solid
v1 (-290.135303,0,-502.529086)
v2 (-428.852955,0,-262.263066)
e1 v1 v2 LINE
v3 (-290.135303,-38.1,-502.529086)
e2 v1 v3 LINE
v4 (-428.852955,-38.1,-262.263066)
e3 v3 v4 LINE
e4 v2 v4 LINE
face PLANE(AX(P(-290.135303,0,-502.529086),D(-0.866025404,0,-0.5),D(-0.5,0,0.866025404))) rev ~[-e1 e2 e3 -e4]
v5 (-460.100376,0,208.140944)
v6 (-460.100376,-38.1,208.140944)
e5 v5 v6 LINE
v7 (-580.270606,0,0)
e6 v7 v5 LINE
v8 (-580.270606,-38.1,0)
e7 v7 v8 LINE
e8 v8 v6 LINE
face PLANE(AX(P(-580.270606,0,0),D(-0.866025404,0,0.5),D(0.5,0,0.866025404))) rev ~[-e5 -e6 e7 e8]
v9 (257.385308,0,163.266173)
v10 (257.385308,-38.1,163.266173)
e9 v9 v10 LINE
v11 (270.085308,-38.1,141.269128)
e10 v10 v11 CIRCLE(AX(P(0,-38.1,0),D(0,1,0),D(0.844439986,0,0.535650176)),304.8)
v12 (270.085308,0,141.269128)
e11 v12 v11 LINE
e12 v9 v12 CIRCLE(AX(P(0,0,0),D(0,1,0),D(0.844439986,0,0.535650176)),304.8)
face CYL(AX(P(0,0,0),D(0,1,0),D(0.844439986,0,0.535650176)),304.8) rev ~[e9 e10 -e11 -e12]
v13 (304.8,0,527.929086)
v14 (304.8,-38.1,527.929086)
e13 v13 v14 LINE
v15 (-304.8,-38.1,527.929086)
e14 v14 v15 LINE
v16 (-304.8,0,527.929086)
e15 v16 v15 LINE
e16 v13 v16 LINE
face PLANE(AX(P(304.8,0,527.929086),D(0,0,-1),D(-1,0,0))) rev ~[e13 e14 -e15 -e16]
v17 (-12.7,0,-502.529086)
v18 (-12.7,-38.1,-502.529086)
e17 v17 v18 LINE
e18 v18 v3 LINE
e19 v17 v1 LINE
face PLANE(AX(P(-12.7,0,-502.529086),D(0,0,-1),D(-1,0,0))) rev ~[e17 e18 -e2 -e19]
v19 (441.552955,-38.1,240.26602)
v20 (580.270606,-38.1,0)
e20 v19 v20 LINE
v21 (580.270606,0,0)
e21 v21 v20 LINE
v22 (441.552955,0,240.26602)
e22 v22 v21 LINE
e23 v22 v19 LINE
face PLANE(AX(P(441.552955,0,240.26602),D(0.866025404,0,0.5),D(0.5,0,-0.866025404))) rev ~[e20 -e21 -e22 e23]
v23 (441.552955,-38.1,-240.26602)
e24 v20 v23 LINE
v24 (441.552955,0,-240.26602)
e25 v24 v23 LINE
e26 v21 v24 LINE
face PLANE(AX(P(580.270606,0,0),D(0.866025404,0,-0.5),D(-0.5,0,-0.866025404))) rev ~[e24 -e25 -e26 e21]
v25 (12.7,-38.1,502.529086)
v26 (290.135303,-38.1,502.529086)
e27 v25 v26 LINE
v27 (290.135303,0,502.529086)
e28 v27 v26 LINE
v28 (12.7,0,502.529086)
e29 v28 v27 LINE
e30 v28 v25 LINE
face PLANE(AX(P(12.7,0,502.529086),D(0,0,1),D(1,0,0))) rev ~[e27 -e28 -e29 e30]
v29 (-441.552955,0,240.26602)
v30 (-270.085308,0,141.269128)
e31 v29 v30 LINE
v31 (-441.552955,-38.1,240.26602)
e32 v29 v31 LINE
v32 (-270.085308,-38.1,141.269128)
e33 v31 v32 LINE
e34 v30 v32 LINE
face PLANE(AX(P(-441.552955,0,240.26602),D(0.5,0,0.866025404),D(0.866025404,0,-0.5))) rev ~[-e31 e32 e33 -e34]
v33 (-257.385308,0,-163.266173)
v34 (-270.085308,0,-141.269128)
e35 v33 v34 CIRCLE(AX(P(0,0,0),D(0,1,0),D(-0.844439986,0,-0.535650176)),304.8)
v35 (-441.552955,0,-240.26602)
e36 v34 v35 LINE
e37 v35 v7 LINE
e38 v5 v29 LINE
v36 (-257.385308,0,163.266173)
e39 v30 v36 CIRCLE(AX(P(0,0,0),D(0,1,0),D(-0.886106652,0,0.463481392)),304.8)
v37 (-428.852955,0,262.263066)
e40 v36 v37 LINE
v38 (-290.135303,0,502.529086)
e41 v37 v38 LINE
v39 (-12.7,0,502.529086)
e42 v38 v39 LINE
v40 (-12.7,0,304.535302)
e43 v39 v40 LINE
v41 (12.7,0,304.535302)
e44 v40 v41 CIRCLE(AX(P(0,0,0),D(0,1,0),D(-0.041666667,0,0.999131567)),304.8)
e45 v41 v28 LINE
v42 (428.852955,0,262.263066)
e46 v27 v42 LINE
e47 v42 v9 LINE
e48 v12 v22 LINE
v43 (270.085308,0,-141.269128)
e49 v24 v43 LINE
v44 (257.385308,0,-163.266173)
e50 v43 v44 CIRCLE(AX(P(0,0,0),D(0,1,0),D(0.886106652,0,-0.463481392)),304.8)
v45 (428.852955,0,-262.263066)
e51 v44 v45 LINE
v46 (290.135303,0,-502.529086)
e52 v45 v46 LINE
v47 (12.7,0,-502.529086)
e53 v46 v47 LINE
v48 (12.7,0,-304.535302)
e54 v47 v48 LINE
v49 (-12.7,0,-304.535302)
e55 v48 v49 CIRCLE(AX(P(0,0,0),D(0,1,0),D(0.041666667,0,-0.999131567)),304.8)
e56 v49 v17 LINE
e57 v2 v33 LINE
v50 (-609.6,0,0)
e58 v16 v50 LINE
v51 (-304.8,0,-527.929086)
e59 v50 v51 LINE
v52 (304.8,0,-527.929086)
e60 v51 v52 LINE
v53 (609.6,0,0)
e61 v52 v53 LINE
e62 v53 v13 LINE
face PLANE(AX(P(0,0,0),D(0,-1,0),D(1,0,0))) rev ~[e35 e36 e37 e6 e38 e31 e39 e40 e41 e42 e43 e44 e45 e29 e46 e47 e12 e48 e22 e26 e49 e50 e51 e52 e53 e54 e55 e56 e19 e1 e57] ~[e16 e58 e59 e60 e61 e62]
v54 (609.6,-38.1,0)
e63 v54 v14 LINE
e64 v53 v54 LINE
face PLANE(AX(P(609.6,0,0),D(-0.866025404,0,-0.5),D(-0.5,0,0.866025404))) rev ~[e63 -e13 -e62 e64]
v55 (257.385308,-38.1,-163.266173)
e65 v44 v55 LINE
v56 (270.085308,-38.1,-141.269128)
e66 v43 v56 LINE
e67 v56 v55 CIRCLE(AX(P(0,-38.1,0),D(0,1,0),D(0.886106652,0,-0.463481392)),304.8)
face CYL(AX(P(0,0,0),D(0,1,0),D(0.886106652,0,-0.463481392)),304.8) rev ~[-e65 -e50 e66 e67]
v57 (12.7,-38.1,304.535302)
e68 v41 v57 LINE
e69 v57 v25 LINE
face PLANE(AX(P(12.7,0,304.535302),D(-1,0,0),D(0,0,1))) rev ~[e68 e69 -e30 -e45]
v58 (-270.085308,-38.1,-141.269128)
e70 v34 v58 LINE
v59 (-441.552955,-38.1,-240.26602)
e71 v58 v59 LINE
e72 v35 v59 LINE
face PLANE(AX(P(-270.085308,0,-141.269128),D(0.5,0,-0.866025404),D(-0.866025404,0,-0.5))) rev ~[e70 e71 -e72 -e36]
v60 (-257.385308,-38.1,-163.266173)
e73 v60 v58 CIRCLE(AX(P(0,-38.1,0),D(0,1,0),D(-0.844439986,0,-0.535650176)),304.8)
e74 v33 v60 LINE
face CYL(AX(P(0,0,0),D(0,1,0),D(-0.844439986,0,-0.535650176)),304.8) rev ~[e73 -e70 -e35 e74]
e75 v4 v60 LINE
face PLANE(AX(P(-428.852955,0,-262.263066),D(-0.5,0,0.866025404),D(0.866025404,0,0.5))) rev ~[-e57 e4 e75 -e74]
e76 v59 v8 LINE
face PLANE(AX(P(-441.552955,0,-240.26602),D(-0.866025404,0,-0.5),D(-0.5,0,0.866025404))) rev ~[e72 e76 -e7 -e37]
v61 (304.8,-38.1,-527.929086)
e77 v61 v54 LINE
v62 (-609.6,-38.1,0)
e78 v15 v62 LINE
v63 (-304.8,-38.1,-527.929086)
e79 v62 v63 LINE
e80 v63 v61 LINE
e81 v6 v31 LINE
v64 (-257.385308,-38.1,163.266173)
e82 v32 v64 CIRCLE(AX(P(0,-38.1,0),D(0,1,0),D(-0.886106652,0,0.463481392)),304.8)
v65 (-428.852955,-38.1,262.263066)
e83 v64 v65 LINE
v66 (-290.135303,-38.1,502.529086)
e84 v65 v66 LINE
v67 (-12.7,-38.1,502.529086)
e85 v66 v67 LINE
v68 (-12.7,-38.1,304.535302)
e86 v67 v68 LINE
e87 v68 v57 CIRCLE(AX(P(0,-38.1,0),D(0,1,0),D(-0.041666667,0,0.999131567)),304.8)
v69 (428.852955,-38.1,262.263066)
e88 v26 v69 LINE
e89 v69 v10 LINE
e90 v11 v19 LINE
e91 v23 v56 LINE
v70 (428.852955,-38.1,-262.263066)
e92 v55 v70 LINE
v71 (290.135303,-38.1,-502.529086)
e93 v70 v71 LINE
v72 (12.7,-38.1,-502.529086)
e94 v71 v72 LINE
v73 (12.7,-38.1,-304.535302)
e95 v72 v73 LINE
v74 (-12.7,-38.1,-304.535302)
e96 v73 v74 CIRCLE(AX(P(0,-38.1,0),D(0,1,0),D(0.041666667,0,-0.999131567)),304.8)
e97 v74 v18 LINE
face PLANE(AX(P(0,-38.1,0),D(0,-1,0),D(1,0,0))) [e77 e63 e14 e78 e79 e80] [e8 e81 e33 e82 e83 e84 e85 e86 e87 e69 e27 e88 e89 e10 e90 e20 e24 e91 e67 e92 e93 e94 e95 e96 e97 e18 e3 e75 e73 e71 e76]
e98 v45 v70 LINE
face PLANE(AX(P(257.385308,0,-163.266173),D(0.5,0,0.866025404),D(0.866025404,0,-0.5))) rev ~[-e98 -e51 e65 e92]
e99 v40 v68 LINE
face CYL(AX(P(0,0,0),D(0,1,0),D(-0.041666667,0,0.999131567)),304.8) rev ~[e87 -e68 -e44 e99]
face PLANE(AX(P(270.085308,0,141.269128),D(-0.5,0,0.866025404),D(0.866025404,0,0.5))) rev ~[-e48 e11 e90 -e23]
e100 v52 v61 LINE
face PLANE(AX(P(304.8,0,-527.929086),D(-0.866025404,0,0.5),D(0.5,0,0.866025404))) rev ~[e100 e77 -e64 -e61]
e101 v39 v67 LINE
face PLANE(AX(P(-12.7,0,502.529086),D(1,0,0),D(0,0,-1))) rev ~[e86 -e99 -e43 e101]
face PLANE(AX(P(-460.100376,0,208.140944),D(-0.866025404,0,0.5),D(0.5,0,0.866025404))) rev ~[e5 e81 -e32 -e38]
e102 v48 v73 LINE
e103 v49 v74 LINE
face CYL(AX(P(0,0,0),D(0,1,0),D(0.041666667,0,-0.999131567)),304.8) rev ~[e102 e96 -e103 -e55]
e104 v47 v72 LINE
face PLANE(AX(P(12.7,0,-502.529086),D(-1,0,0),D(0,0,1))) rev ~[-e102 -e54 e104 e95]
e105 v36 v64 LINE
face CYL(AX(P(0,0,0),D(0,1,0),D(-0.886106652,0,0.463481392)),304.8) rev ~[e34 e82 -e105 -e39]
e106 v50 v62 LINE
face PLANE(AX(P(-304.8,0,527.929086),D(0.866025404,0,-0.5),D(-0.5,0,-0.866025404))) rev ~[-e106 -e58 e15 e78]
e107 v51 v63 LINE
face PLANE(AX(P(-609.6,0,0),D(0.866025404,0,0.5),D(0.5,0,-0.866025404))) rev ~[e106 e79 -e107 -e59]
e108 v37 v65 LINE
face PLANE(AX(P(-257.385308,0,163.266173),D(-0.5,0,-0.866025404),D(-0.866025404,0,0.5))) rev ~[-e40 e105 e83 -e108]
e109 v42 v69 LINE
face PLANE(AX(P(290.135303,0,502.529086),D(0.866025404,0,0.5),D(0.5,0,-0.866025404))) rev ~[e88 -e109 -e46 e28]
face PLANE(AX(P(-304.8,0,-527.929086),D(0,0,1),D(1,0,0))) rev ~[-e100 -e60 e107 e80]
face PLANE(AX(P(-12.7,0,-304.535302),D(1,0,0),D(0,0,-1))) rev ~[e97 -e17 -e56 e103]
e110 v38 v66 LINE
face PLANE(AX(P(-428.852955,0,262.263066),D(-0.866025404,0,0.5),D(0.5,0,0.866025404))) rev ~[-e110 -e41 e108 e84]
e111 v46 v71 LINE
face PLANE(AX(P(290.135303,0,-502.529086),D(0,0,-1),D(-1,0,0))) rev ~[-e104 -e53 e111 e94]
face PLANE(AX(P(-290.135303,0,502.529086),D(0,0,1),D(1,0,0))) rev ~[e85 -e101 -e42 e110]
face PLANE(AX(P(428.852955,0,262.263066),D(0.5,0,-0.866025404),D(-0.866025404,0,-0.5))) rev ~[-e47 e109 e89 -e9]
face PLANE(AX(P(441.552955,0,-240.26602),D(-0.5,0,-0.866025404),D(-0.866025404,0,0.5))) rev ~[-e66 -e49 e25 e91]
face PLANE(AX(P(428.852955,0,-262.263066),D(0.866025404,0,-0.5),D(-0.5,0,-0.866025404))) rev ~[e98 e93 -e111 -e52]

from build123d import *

# Parameters (mm, degrees)
F1_DEPTH = 38.1


with BuildPart() as f1:
    # F0 (on Front) → F1 (new body)
    with BuildSketch(Plane.XZ):
        Polygon((304.8, 527.929086147), (-304.8, 527.929086147), (-609.6, 0), (-304.8, -527.929086147), (304.8, -527.929086147), (609.6, 0), align=None)
        Polygon((12.7, 502.529086147), (290.1353031626, 502.529086147), (428.8529547439, 262.2630657016), (441.5529547439, 240.2660204454), (580.2706063252, 0), (441.5529547439, -240.2660204454), (428.8529547439, -262.2630657016), (290.1353031626, -502.529086147), (12.7, -502.529086147), (-12.7, -502.529086147), (-290.1353031626, -502.529086147), (-428.8529547439, -262.2630657016), (-441.5529547439, -240.2660204454), (-580.2706063252, 0), (-460.1003761774, 208.1409441733), (-441.5529547439, 240.2660204454), (-428.8529547439, 262.2630657016), (-290.1353031626, 502.529086147), (-12.7, 502.529086147), align=None, mode=Mode.SUBTRACT)
        with BuildLine():
            Line((12.7, 304.5353017304), (12.7, 502.529086147))
            Line((12.7, 502.529086147), (-12.7, 502.529086147))
            Line((-12.7, 502.529086147), (-12.7, 304.5353017304))
            ThreePointArc((-12.7, 304.5353017304), (0, 304.8), (12.7, 304.5353017304))
        make_face()
        with BuildLine():
            Line((-257.3853076476, 163.2661734932), (-428.8529547439, 262.2630657016))
            Line((-428.8529547439, 262.2630657016), (-441.5529547439, 240.2660204454))
            Line((-441.5529547439, 240.2660204454), (-270.0853076476, 141.2691282371))
            ThreePointArc((-270.0853076476, 141.2691282371), (-263.9645430735, 152.4), (-257.3853076476, 163.2661734932))
        make_face()
        with BuildLine():
            Line((441.5529547439, 240.2660204454), (428.8529547439, 262.2630657016))
            Line((428.8529547439, 262.2630657016), (257.3853076476, 163.2661734932))
            ThreePointArc((257.3853076476, 163.2661734932), (263.9645430735, 152.4), (270.0853076476, 141.2691282371))
            Line((270.0853076476, 141.2691282371), (441.5529547439, 240.2660204454))
        make_face()
        with BuildLine():
            Line((428.8529547439, -262.2630657016), (441.5529547439, -240.2660204454))
            Line((441.5529547439, -240.2660204454), (270.0853076476, -141.2691282371))
            ThreePointArc((270.0853076476, -141.2691282371), (263.9645430735, -152.4), (257.3853076476, -163.2661734932))
            Line((257.3853076476, -163.2661734932), (428.8529547439, -262.2630657016))
        make_face()
        with BuildLine():
            Line((-12.7, -502.529086147), (12.7, -502.529086147))
            Line((12.7, -502.529086147), (12.7, -304.5353017304))
            ThreePointArc((12.7, -304.5353017304), (0, -304.8), (-12.7, -304.5353017304))
            Line((-12.7, -304.5353017304), (-12.7, -502.529086147))
        make_face()
        with BuildLine():
            ThreePointArc((-257.3853076476, -163.2661734932), (-263.9645430735, -152.4), (-270.0853076476, -141.2691282371))
            Line((-270.0853076476, -141.2691282371), (-441.5529547439, -240.2660204454))
            Line((-441.5529547439, -240.2660204454), (-428.8529547439, -262.2630657016))
            Line((-428.8529547439, -262.2630657016), (-257.3853076476, -163.2661734932))
        make_face()
    extrude(amount=F1_DEPTH)


solid = f1.part
